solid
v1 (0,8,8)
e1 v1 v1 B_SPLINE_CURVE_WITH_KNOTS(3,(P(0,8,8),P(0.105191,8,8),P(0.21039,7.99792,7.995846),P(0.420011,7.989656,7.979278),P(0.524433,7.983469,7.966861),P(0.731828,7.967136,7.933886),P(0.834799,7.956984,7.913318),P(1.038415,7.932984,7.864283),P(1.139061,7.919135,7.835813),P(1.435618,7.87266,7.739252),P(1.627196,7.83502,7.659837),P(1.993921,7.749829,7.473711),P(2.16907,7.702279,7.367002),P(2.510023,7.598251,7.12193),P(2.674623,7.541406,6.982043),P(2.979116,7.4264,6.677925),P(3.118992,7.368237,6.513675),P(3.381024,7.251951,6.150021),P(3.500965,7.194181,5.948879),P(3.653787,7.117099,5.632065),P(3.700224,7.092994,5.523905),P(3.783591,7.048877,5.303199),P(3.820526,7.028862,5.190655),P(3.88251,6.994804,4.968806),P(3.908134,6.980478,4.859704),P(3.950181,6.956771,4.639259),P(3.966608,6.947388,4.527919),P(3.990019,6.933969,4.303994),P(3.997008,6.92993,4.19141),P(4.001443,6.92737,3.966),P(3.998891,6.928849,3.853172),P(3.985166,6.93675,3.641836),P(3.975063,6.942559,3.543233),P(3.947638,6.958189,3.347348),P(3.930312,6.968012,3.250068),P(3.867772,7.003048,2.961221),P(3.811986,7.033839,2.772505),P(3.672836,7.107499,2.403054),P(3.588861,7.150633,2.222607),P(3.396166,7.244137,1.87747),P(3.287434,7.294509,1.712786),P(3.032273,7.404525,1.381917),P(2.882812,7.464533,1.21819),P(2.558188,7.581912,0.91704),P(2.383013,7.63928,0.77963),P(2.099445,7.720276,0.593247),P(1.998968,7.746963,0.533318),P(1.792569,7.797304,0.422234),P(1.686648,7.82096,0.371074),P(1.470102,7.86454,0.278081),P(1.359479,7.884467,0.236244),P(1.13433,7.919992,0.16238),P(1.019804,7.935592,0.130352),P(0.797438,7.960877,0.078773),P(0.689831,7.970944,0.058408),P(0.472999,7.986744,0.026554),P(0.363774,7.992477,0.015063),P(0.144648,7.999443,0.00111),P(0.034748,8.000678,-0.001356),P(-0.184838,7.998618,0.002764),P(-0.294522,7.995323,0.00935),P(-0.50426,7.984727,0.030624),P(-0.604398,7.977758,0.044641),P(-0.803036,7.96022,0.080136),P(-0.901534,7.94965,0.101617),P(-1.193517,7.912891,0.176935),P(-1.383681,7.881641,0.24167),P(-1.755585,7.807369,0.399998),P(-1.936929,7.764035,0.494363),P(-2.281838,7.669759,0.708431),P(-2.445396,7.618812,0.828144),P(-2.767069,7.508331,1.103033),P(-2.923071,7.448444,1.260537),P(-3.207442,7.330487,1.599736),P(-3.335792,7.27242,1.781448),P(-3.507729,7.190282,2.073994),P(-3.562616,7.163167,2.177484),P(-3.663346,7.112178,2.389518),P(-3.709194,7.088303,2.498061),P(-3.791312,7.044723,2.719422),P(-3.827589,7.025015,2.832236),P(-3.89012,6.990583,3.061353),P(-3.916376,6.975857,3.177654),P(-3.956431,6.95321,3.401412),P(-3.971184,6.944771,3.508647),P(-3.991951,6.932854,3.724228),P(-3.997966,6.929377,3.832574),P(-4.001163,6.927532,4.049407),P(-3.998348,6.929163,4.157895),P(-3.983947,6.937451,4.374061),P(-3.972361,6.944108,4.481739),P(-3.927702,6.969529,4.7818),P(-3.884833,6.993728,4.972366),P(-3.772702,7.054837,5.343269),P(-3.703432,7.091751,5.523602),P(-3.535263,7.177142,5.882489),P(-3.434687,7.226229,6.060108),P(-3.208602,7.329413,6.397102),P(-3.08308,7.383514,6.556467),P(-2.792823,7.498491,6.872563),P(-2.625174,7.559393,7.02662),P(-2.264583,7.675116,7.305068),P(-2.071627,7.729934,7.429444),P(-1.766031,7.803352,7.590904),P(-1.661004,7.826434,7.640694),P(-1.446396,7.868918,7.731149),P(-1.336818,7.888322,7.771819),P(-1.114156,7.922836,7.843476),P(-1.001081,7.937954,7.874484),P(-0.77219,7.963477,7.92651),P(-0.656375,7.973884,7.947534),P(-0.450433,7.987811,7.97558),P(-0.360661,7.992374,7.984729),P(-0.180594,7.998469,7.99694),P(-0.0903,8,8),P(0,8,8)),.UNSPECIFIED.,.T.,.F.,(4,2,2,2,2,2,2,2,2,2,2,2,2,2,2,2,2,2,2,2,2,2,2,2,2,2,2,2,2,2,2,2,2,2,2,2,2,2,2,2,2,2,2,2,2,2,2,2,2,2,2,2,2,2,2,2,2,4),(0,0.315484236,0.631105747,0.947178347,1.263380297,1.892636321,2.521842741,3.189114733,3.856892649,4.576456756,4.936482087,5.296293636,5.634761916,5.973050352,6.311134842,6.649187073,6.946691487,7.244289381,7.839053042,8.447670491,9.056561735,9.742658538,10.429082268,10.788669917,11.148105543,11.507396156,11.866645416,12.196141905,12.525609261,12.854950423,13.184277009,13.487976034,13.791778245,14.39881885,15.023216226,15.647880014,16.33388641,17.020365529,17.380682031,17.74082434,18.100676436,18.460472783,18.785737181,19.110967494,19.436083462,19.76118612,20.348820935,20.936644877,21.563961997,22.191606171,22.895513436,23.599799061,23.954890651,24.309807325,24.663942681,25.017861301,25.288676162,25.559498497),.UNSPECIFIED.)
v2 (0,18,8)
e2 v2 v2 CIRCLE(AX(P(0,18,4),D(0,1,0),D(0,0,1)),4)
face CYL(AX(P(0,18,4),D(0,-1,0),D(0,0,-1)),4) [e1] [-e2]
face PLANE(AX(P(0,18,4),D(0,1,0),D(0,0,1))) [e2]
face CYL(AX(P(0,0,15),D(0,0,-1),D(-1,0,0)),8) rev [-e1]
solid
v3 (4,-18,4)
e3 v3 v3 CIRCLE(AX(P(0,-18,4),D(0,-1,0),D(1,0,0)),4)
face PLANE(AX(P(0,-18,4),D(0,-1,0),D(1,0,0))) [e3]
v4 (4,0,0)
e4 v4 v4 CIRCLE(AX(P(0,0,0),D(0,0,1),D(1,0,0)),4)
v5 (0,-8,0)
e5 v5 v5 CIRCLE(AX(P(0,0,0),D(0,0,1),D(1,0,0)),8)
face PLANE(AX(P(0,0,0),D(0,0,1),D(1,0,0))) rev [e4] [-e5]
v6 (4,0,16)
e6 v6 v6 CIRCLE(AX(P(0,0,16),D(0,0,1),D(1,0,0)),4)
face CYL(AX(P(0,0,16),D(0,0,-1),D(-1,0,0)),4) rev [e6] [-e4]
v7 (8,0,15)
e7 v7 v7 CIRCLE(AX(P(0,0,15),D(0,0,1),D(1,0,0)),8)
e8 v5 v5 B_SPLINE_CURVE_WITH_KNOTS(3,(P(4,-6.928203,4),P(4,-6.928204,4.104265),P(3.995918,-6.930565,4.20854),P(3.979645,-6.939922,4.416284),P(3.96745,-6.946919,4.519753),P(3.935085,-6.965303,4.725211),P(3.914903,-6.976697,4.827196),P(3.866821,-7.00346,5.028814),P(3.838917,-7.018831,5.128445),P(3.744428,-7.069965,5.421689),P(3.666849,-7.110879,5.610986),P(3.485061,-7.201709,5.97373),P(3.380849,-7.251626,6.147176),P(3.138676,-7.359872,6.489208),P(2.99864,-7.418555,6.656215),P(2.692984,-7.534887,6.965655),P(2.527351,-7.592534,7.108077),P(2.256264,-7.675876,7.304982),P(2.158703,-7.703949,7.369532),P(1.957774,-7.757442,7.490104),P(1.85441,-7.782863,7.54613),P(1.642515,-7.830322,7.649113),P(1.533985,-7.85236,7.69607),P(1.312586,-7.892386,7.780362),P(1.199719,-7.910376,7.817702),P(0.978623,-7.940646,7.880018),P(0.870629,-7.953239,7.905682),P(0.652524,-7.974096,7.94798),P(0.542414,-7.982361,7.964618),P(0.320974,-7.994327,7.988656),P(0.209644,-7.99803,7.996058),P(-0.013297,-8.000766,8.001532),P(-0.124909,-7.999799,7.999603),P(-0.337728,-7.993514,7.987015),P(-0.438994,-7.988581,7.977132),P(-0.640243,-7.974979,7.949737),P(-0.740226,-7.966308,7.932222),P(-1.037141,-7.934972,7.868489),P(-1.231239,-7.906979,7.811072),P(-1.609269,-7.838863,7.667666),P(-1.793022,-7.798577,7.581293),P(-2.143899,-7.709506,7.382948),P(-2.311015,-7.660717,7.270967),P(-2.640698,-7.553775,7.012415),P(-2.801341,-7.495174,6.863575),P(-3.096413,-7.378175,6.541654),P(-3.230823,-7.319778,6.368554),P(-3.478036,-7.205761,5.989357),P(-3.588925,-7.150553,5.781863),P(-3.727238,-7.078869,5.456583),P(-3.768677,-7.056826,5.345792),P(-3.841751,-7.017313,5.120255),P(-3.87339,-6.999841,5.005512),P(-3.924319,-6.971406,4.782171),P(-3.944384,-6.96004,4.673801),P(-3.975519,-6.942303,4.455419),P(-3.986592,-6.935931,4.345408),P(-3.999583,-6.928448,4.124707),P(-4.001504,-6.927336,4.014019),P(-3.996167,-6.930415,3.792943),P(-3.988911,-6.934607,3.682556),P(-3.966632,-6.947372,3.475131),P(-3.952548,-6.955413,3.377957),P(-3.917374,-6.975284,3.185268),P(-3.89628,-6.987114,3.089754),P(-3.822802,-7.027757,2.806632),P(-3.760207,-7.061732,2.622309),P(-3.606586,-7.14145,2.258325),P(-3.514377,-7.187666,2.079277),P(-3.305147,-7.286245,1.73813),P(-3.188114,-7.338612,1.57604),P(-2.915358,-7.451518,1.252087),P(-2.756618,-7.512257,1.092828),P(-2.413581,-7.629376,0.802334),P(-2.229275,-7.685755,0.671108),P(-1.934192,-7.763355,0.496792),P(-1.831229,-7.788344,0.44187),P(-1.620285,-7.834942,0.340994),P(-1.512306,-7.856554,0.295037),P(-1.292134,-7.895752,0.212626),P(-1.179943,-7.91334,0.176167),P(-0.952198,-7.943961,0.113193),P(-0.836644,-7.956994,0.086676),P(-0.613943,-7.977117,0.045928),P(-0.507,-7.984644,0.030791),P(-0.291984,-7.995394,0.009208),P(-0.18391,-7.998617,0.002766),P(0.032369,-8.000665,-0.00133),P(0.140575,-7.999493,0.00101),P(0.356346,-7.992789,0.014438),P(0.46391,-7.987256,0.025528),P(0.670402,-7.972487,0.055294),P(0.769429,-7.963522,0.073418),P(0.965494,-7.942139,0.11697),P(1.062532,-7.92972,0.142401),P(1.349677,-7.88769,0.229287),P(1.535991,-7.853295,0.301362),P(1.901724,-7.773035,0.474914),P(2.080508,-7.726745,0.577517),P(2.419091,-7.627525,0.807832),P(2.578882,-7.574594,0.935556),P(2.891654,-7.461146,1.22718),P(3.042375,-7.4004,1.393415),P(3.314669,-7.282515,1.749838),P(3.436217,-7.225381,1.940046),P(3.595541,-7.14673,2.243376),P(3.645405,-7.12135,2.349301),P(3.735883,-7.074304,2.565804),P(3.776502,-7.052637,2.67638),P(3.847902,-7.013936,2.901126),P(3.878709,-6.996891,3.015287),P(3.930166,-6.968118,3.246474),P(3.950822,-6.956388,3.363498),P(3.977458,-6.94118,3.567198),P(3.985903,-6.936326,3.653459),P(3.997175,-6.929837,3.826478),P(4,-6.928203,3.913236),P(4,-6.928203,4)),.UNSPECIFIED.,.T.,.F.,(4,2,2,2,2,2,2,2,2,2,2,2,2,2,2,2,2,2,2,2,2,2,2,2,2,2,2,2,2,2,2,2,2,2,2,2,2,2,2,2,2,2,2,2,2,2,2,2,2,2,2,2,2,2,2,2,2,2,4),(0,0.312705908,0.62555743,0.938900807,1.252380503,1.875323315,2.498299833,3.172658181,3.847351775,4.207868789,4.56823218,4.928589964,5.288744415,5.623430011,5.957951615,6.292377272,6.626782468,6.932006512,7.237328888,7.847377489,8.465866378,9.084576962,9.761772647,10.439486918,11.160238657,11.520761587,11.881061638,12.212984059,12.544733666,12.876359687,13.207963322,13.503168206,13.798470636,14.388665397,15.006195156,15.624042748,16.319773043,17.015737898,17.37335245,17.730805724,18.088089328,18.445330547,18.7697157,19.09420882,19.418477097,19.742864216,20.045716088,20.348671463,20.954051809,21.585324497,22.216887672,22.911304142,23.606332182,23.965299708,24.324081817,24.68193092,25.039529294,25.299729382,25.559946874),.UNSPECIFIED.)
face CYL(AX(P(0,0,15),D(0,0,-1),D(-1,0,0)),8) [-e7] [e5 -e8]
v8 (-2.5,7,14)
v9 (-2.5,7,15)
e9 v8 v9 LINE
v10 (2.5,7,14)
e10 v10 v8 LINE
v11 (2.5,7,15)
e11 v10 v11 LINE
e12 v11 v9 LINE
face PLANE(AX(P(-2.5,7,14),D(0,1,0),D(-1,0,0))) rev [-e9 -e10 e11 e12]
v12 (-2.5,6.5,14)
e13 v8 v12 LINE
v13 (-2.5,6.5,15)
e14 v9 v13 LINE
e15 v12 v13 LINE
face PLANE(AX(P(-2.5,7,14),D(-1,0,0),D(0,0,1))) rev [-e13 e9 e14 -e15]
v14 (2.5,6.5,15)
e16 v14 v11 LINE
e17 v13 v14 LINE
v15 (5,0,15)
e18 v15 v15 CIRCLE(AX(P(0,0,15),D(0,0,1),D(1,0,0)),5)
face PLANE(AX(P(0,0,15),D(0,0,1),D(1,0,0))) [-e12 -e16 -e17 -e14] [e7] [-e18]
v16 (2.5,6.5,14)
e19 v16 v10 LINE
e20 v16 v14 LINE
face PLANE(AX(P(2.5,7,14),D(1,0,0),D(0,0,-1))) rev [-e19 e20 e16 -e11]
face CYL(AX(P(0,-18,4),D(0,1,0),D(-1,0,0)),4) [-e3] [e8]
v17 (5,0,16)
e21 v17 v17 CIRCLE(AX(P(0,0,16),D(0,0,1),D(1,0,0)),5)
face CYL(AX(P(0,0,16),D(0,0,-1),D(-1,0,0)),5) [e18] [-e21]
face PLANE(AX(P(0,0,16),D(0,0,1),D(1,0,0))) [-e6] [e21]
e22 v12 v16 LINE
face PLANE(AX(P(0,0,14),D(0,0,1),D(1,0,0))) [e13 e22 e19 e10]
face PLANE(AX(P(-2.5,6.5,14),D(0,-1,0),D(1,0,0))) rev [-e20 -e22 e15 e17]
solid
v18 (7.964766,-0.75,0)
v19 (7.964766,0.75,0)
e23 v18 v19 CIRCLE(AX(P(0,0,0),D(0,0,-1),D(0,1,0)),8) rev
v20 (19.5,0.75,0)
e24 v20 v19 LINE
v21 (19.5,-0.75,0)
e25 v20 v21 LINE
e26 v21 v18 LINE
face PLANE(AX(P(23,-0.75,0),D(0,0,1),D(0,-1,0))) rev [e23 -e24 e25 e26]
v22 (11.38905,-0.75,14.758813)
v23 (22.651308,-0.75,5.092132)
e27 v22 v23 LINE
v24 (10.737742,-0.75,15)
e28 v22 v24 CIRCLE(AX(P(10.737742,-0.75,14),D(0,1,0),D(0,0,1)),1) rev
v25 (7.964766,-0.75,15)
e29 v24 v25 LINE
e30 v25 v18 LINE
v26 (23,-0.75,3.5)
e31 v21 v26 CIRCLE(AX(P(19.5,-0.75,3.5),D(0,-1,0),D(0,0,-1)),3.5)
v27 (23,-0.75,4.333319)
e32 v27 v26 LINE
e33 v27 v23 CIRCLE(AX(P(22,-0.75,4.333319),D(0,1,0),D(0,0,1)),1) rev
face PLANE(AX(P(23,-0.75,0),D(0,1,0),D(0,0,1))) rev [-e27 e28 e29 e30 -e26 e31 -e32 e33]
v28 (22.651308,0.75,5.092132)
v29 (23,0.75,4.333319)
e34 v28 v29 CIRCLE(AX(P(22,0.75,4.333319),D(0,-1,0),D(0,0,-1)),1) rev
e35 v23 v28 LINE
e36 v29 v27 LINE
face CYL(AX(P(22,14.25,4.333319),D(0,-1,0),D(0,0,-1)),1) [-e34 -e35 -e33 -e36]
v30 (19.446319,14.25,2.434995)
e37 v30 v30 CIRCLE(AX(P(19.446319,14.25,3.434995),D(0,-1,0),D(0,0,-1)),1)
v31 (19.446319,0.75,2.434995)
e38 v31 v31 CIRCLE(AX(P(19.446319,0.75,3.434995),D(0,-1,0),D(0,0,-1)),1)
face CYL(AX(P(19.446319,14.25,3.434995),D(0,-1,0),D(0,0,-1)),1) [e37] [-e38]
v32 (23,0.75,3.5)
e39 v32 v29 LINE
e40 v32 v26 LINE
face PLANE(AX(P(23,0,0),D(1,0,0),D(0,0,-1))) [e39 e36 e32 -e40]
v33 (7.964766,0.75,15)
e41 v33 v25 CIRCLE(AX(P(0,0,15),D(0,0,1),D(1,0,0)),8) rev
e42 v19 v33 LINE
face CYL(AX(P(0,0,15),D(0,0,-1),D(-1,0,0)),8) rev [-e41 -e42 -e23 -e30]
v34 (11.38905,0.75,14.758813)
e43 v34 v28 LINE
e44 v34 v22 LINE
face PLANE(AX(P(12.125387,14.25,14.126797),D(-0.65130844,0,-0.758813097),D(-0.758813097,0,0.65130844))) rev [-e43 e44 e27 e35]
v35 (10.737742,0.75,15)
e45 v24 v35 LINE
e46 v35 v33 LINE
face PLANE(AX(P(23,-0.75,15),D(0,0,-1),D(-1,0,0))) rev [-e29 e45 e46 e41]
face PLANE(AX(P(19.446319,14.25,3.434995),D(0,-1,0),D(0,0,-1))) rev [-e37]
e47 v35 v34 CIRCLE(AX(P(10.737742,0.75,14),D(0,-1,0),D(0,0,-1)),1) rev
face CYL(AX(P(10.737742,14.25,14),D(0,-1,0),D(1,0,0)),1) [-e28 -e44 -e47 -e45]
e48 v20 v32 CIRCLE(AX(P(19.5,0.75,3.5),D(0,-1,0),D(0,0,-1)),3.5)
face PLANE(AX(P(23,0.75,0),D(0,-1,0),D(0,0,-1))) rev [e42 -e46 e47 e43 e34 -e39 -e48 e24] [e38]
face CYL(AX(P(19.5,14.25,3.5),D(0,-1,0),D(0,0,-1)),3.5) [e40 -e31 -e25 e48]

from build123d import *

# Parameters (mm, degrees)
SKETCH1_R                            = 8
BOSS_EXTRUDE1_DEPTH                  = 15
SKETCH2_R                            = 5
SKETCH2_R_2                          = 4
BOSS_EXTRUDE2_DEPTH                  = 1
CUT_EXTRUDE1_START                   = -15
SKETCH3_R                            = 4
CUT_EXTRUDE1_DEPTH                   = 15
SKETCH4_R                            = 4
BOSS_EXTRUDE3_DEPTH                  = 10
BOSS_EXTRUDE3_DIRECTION_2_REACH      = 26
BOSS_EXTRUDE3_DIRECTION_2_END_RADIUS = 8
SKETCH6_R                            = 4
BOSS_EXTRUDE4_DEPTH                  = 10
BOSS_EXTRUDE4_DIRECTION_2_REACH      = 33.559
BOSS_EXTRUDE4_DIRECTION_2_END_RADIUS = 8
SKETCH7_W                            = 15
SKETCH7_H                            = 1.5
BOSS_EXTRUDE5_DEPTH                  = 15
BOSS_EXTRUDE5_DIRECTION_2_REACH      = 30.914
BOSS_EXTRUDE5_DIRECTION_2_END_RADIUS = 8
CUT_EXTRUDE2_DEPTH                   = 15
CUT_EXTRUDE3_DEPTH                   = 15
FILLET1_R                            = 1
FILLET2_R                            = 1
SKETCH12_R                           = 1
BOSS_EXTRUDE6_DEPTH                  = 15
SKETCH14_W                           = 5
SKETCH14_H                           = 0.5
CUT_EXTRUDE4_DEPTH                   = 1


with BuildPart() as part:
    # Sketch1 → Boss-Extrude1 (new body)
    with BuildSketch(Plane.XY):
        Circle(SKETCH1_R)
    extrude(amount=BOSS_EXTRUDE1_DEPTH)

    # Sketch2 → Boss-Extrude2 (add)
    with BuildSketch(Plane.XY.offset(15)):
        Circle(SKETCH2_R)
        Circle(SKETCH2_R_2, mode=Mode.SUBTRACT)
    extrude(amount=BOSS_EXTRUDE2_DEPTH)

    # Sketch3 → Cut-Extrude1 (cut)
    with BuildSketch(Plane.XY.offset(15).offset(CUT_EXTRUDE1_START)):
        Circle(SKETCH3_R)
    extrude(amount=CUT_EXTRUDE1_DEPTH, mode=Mode.SUBTRACT)

    # Sketch6 → Boss-Extrude4 (add)
    with BuildSketch(Plane(origin=(0, -8, 0), x_dir=(-1, 0, 0), z_dir=(0, -1, 0))):
        with Locations(Location((0, -4, 0), (0, 0, 270))):
            Circle(SKETCH6_R)
    extrude(amount=BOSS_EXTRUDE4_DEPTH)

    # Boss-Extrude4 direction 2: up to this cylinder (the profile starts outside it)
    boss_extrude4_direction_2_end = Plane(origin=(0, 0, 4), z_dir=(0, 0, -1)) * Cylinder(BOSS_EXTRUDE4_DIRECTION_2_END_RADIUS, 84.118, mode=Mode.PRIVATE)
    # Sketch6 → Boss-Extrude4 direction 2 (add, up to the surface)
    with BuildSketch(Plane(origin=(0, -8, 0), x_dir=(-1, 0, 0), z_dir=(0, -1, 0)), mode=Mode.PRIVATE) as boss_extrude4_direction_2_sk1:
        with Locations(Location((0, -4, 0), (0, 0, 270))):
            Circle(SKETCH6_R)
    boss_extrude4_direction_2_tool1 = extrude(boss_extrude4_direction_2_sk1.sketch, amount=-BOSS_EXTRUDE4_DIRECTION_2_REACH, mode=Mode.PRIVATE) - boss_extrude4_direction_2_end
    add(boss_extrude4_direction_2_tool1.solids().sort_by_distance((0, -8, 4))[0])
    add(boss_extrude4_direction_2_tool1.solids().sort_by_distance((0, -8, 4))[1])

    # Sketch14 → Cut-Extrude4 (cut)
    with BuildSketch(Plane.XY.offset(15)):
        with Locations((0, 6.75)):
            Rectangle(SKETCH14_W, SKETCH14_H)
    extrude(amount=-CUT_EXTRUDE4_DEPTH, mode=Mode.SUBTRACT)


with BuildPart() as body_2:
    # Sketch4 → Boss-Extrude3 (new body)
    with BuildSketch(Plane(origin=(0, 8, 0), x_dir=(1, 0, 0), z_dir=(0, 1, 0))):
        with Locations(Location((0, -4, 0), (0, 0, 270))):
            Circle(SKETCH4_R)
    extrude(amount=BOSS_EXTRUDE3_DEPTH)

    # Boss-Extrude3 direction 2: up to this cylinder (the profile starts outside it)
    boss_extrude3_direction_2_end = Plane(origin=(0, 0, 4), z_dir=(0, 0, -1)) * Cylinder(BOSS_EXTRUDE3_DIRECTION_2_END_RADIUS, 69, mode=Mode.PRIVATE)
    # Sketch4 → Boss-Extrude3 direction 2 (add, up to the surface)
    with BuildSketch(Plane(origin=(0, 8, 0), x_dir=(1, 0, 0), z_dir=(0, 1, 0)), mode=Mode.PRIVATE) as boss_extrude3_direction_2_sk1:
        with Locations(Location((0, -4, 0), (0, 0, 270))):
            Circle(SKETCH4_R)
    boss_extrude3_direction_2_tool1 = extrude(boss_extrude3_direction_2_sk1.sketch, amount=-BOSS_EXTRUDE3_DIRECTION_2_REACH, mode=Mode.PRIVATE) - boss_extrude3_direction_2_end
    add(boss_extrude3_direction_2_tool1.solids().sort_by_distance((0, 8, 4))[0])
    add(boss_extrude3_direction_2_tool1.solids().sort_by_distance((0, 8, 4))[1])


with BuildPart() as body_3:
    # Sketch7 → Boss-Extrude5 (new body)
    with BuildSketch(Plane(origin=(8, 0, 0), x_dir=(0, 0, -1), z_dir=(1, 0, 0))):
        with Locations((-7.5, 0)):
            Rectangle(SKETCH7_W, SKETCH7_H)
    extrude(amount=BOSS_EXTRUDE5_DEPTH)

    # Boss-Extrude5 direction 2: up to this cylinder (the profile starts outside it)
    boss_extrude5_direction_2_end = Plane(origin=(0, 0, 7.5), z_dir=(0, 0, -1)) * Cylinder(BOSS_EXTRUDE5_DIRECTION_2_END_RADIUS, 78.828, mode=Mode.PRIVATE)
    # Sketch7 → Boss-Extrude5 direction 2 (add, up to the surface)
    with BuildSketch(Plane(origin=(8, 0, 0), x_dir=(0, 0, -1), z_dir=(1, 0, 0)), mode=Mode.PRIVATE) as boss_extrude5_direction_2_sk1:
        with Locations((-7.5, 0)):
            Rectangle(SKETCH7_W, SKETCH7_H)
    boss_extrude5_direction_2_tool1 = extrude(boss_extrude5_direction_2_sk1.sketch, amount=-BOSS_EXTRUDE5_DIRECTION_2_REACH, mode=Mode.PRIVATE) - boss_extrude5_direction_2_end
    add(boss_extrude5_direction_2_tool1.solids().sort_by_distance((8, 0, 7.5))[0])
    add(boss_extrude5_direction_2_tool1.solids().sort_by_distance((8, 0, 7.5))[1])

    # Sketch9 → Cut-Extrude2 (cut)
    with BuildSketch(Plane.XZ.offset(0.75)):
        with BuildLine():
            ThreePointArc((23, 3.5), (21.974873734, 1.025126266), (19.5, 0))
            Line((19.5, 0), (23, 0))
            Line((23, 0), (23, 3.5))
        make_face()
    extrude(amount=-CUT_EXTRUDE2_DEPTH, mode=Mode.SUBTRACT)

    # Sketch11 → Cut-Extrude3 (cut)
    with BuildSketch(Plane(origin=(0, -0.75, 0), x_dir=(-1, 0, 0), z_dir=(0, -1, 0))):
        Polygon((-23, -15), (-11.108053079, -15), (-23, -4.792841708), align=None)
    extrude(amount=-CUT_EXTRUDE3_DEPTH, mode=Mode.SUBTRACT)

    # Fillet1
    fillet1_edges = [body_3.edges().sort_by_distance(p)[0] for p in [
        (11.108053079, 0, 15),
    ]]
    fillet(fillet1_edges, radius=FILLET1_R)

    # Fillet2
    fillet2_edges = [body_3.edges().sort_by_distance(p)[0] for p in [
        (23, 0, 4.792841708),
    ]]
    fillet(fillet2_edges, radius=FILLET2_R)

    # Sketch12 → Boss-Extrude6 (add)
    with BuildSketch(Plane.XZ.offset(0.75)):
        with Locations(Location((19.446318933, 3.434994956, 0), (0, 0, 270))):
            Circle(SKETCH12_R)
    extrude(amount=-BOSS_EXTRUDE6_DEPTH)


solid = Compound([part.part, body_2.part, body_3.part])
